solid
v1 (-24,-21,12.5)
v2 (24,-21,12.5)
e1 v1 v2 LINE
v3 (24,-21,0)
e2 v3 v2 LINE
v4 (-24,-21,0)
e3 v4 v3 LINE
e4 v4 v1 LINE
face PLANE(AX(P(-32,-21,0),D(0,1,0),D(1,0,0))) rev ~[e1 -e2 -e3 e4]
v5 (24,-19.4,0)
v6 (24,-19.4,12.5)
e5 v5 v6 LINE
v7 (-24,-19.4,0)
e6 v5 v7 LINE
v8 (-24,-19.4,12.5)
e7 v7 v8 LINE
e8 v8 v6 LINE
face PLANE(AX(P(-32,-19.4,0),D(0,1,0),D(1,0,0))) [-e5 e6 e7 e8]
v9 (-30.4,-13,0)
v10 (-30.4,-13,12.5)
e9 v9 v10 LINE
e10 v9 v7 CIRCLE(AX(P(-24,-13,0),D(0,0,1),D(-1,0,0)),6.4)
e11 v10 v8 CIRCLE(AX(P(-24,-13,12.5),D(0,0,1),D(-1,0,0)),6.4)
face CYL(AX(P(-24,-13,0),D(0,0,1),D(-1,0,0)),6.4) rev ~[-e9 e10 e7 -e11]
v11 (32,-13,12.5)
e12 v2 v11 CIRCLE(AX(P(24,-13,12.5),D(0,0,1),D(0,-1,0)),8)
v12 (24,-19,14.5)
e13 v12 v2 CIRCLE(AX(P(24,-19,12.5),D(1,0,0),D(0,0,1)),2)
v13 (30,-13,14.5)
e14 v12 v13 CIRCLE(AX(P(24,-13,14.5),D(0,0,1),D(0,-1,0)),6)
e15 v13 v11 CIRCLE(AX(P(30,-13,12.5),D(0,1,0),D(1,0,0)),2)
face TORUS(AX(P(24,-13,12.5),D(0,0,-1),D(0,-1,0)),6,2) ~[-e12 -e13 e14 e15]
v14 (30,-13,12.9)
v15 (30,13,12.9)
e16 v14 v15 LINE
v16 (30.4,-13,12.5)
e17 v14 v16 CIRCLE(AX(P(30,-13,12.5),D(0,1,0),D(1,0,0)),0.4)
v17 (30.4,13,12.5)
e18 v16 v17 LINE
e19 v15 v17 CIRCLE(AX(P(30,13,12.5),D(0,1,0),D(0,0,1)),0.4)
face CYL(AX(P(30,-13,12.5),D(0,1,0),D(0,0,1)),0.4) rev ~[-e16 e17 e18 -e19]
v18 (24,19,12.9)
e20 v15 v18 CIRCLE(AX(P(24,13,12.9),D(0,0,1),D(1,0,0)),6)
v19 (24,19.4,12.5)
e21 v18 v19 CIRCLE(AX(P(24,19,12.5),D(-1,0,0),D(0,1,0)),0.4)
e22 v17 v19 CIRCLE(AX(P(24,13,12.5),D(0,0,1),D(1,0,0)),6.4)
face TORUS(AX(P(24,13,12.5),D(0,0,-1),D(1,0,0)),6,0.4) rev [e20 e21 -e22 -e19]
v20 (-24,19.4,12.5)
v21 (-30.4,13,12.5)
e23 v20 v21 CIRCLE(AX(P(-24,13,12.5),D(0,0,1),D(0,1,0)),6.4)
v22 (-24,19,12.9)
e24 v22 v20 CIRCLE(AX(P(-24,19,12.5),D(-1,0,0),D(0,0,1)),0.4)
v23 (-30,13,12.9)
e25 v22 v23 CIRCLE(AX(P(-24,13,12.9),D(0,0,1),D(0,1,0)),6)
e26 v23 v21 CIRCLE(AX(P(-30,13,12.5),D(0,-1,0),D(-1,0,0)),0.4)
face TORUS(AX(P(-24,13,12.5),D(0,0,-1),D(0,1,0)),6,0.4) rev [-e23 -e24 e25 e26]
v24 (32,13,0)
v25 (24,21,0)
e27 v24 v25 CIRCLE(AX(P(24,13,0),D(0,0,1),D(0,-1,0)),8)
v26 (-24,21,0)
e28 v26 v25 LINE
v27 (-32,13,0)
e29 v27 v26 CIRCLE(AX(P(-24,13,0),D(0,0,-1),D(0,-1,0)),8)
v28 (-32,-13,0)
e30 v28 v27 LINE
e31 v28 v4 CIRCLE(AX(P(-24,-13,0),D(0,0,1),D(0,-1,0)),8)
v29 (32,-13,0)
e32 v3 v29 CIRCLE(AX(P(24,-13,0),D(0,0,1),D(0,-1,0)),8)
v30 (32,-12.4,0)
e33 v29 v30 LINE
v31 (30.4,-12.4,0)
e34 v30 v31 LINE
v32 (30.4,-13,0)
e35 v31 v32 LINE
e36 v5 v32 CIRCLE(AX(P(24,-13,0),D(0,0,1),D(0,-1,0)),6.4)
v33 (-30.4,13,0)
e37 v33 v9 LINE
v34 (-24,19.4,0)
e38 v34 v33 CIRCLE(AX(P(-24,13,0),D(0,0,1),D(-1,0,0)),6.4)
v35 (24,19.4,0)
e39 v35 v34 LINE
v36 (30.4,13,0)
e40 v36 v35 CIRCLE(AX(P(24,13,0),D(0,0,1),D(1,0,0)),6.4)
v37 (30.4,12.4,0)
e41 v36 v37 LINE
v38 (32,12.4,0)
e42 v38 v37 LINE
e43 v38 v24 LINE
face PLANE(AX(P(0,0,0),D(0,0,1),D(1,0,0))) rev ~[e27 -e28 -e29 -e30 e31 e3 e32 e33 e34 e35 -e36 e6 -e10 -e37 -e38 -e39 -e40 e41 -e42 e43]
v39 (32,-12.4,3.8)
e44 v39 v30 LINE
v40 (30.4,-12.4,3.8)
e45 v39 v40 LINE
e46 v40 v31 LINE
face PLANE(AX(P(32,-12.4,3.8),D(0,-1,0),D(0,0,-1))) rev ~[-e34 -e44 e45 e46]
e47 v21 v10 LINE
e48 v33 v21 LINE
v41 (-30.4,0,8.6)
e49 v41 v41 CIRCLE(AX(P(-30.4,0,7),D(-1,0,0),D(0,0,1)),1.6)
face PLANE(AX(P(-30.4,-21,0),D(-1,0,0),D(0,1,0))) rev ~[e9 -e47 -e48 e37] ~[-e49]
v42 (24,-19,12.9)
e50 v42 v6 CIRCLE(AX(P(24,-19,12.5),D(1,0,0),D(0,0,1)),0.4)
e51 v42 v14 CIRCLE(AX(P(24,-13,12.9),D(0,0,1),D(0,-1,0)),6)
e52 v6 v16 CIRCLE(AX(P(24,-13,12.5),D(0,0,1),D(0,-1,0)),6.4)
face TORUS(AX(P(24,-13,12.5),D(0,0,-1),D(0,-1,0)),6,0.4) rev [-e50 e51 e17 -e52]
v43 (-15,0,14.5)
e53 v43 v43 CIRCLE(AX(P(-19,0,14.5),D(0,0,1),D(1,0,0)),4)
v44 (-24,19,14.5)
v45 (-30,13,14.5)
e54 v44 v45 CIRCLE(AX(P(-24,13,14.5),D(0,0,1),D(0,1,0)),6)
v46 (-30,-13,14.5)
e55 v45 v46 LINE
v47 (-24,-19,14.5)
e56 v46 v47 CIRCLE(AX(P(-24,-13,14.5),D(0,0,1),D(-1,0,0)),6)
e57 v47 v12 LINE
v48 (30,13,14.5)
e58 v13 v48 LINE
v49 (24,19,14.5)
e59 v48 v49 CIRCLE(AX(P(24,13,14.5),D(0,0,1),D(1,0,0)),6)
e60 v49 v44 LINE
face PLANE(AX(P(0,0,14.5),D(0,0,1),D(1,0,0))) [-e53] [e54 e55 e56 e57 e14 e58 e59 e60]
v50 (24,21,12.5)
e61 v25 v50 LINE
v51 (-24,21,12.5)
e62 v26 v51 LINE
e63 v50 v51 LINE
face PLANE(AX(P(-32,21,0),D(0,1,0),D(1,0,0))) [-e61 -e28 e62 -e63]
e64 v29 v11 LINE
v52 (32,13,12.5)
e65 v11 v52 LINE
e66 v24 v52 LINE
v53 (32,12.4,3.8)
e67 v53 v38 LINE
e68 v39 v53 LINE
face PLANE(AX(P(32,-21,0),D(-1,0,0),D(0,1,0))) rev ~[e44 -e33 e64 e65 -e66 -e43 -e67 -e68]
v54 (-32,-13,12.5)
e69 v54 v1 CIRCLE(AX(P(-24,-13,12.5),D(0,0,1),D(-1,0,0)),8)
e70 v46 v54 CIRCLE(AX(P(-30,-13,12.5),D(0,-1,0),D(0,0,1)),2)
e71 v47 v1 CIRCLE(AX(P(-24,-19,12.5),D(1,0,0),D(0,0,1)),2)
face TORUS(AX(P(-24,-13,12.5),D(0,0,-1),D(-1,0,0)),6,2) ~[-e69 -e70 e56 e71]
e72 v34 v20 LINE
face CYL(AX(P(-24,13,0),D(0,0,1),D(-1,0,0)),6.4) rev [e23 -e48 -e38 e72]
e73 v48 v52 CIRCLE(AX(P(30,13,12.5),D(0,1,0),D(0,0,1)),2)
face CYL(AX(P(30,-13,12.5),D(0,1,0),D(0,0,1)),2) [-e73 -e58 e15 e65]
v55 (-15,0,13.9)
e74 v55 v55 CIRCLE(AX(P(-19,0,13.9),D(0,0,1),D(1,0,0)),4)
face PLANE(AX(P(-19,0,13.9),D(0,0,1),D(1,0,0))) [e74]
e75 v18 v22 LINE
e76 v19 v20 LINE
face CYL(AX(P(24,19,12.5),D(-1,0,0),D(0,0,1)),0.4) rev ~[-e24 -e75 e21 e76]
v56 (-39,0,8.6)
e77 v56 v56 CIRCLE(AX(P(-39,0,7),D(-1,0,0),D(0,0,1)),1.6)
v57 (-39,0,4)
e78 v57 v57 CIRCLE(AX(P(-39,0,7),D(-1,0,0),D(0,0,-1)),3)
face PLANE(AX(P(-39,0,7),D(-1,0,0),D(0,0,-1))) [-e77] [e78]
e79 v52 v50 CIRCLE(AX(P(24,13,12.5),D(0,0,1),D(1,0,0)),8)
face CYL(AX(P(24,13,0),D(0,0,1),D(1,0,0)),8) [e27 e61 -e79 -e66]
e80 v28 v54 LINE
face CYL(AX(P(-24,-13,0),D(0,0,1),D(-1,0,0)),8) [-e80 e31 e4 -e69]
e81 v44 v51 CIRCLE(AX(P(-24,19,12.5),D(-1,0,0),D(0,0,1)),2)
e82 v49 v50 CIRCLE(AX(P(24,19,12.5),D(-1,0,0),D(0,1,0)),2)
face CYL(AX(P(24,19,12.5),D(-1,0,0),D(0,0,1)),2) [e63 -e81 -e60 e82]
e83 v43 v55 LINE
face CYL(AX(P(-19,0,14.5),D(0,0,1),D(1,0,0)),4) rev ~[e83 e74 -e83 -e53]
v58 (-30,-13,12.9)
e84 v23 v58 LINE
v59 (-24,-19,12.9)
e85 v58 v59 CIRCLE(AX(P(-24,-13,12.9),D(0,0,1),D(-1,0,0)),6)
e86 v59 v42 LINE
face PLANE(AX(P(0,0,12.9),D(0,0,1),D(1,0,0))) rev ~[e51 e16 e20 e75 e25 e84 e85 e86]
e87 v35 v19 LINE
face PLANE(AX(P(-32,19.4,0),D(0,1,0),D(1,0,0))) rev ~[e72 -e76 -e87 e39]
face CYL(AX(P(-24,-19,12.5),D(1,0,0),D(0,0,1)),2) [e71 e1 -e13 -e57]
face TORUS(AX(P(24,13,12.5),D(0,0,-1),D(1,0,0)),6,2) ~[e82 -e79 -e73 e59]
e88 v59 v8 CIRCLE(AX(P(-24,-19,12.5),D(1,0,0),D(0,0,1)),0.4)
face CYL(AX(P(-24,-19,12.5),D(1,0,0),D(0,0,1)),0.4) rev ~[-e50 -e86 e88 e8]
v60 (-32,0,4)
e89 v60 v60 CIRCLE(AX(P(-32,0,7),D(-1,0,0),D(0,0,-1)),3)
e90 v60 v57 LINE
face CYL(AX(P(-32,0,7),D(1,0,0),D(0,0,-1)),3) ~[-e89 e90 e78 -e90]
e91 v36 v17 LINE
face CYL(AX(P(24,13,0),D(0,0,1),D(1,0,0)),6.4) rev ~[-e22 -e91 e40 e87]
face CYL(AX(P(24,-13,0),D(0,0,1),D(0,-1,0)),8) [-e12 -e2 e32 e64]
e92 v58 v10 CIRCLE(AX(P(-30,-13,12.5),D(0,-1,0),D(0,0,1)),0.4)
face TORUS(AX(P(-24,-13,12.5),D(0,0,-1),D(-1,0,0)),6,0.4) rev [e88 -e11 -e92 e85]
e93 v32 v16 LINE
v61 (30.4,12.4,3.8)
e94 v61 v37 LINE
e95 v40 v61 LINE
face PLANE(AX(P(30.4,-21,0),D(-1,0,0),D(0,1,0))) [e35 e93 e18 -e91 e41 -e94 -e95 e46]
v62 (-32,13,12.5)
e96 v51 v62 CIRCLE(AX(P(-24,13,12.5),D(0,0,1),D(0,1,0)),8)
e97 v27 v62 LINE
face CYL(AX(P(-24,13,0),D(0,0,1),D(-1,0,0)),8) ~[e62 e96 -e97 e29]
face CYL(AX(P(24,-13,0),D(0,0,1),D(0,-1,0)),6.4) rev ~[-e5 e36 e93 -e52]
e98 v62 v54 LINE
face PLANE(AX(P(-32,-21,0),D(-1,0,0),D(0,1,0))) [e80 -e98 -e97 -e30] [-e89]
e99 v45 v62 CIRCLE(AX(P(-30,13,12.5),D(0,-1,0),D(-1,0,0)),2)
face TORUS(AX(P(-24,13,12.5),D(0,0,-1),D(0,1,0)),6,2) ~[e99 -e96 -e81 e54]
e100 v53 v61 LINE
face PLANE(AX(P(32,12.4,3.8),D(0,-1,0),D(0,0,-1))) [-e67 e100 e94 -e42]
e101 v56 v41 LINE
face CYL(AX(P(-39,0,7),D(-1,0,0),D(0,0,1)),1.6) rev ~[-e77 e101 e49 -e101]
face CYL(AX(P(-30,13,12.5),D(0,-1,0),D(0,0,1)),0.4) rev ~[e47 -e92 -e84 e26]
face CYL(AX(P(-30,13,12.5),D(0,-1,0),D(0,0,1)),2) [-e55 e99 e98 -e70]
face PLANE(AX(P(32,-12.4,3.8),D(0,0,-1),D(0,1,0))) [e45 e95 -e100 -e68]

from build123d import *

# Parameters (mm, degrees)
SKETCH1_W           = 64
SKETCH1_H           = 42
BOSS_EXTRUDE1_DEPTH = 14.5
FILLET1_R           = 8
FILLET2_R           = 2
SHELL1_T            = -1.6
CUT_EXTRUDE1_REACH  = 70.9
SKETCH2_W           = 3.8
SKETCH2_H           = 24.8
SKETCH3_R           = 3
BOSS_EXTRUDE2_DEPTH = 7.000000018
CUT_EXTRUDE2_REACH  = 77.447
SKETCH4_R           = 1.6
SKETCH5_R           = 4
CUT_EXTRUDE3_DEPTH  = 0.6


with BuildPart() as part:
    # Sketch1 → Boss-Extrude1 (new body)
    with BuildSketch(Plane.XY):
        Rectangle(SKETCH1_W, SKETCH1_H)
    extrude(amount=BOSS_EXTRUDE1_DEPTH)

    # Fillet1
    fillet1_edges = [part.edges().sort_by_distance(p)[0] for p in [
        (-32, 21, 7.25),
        (32, 21, 7.25),
        (32, -21, 7.25),
        (-32, -21, 7.25),
    ]]
    fillet(fillet1_edges, radius=FILLET1_R)

    # Fillet2
    fillet2_edges = [part.edges().sort_by_distance(p)[0] for p in [
        (0, -21, 14.5),
        (-32, 0, 14.5),
        (32, 0, 14.5),
        (0, 21, 14.5),
        (29.656854249, 18.656854249, 14.5),
        (-29.656854249, 18.656854249, 14.5),
        (29.656854249, -18.656854249, 14.5),
        (-29.656854249, -18.656854249, 14.5),
    ]]
    fillet(fillet2_edges, radius=FILLET2_R)

    # Shell1
    shell1_openings = [part.faces().sort_by_distance(p)[0] for p in [
        (0, 0, 0),
    ]]
    offset(amount=SHELL1_T, openings=shell1_openings, kind=Kind.INTERSECTION)

    # Sketch2 → Cut-Extrude1 (cut, up to next)
    with BuildSketch(Plane(origin=(32, 0, 0), x_dir=(0, 0, -1), z_dir=(1, 0, 0)), mode=Mode.PRIVATE) as cut_extrude1_sk1:
        with Locations((-1.9, 0)):
            Rectangle(SKETCH2_W, SKETCH2_H)
    cut_extrude1_tool1 = extrude(cut_extrude1_sk1.sketch, amount=-CUT_EXTRUDE1_REACH, mode=Mode.PRIVATE) & part.part
    add(cut_extrude1_tool1.solids().sort_by_distance((32, 0, 1.9))[0], mode=Mode.SUBTRACT)

    # Sketch3 → Boss-Extrude2 (add)
    with BuildSketch(Plane.ZY.offset(32)):
        with Locations(Location((7, 0, 0), (0, 0, 180))):
            Circle(SKETCH3_R)
    extrude(amount=BOSS_EXTRUDE2_DEPTH)

    # Sketch4 → Cut-Extrude2 (cut, up to next)
    with BuildSketch(Plane.ZY.offset(39.000000018), mode=Mode.PRIVATE) as cut_extrude2_sk1:
        with Locations((7, 0)):
            Circle(SKETCH4_R)
    cut_extrude2_tool1 = extrude(cut_extrude2_sk1.sketch, amount=-CUT_EXTRUDE2_REACH, mode=Mode.PRIVATE) & part.part
    add(cut_extrude2_tool1.solids().sort_by_distance((-39, 0, 7))[0], mode=Mode.SUBTRACT)

    # Sketch5 → Cut-Extrude3 (cut)
    with BuildSketch(Plane.XY.offset(14.5)):
        with Locations((-19, 0)):
            Circle(SKETCH5_R)
    extrude(amount=-CUT_EXTRUDE3_DEPTH, mode=Mode.SUBTRACT)


solid = part.part
